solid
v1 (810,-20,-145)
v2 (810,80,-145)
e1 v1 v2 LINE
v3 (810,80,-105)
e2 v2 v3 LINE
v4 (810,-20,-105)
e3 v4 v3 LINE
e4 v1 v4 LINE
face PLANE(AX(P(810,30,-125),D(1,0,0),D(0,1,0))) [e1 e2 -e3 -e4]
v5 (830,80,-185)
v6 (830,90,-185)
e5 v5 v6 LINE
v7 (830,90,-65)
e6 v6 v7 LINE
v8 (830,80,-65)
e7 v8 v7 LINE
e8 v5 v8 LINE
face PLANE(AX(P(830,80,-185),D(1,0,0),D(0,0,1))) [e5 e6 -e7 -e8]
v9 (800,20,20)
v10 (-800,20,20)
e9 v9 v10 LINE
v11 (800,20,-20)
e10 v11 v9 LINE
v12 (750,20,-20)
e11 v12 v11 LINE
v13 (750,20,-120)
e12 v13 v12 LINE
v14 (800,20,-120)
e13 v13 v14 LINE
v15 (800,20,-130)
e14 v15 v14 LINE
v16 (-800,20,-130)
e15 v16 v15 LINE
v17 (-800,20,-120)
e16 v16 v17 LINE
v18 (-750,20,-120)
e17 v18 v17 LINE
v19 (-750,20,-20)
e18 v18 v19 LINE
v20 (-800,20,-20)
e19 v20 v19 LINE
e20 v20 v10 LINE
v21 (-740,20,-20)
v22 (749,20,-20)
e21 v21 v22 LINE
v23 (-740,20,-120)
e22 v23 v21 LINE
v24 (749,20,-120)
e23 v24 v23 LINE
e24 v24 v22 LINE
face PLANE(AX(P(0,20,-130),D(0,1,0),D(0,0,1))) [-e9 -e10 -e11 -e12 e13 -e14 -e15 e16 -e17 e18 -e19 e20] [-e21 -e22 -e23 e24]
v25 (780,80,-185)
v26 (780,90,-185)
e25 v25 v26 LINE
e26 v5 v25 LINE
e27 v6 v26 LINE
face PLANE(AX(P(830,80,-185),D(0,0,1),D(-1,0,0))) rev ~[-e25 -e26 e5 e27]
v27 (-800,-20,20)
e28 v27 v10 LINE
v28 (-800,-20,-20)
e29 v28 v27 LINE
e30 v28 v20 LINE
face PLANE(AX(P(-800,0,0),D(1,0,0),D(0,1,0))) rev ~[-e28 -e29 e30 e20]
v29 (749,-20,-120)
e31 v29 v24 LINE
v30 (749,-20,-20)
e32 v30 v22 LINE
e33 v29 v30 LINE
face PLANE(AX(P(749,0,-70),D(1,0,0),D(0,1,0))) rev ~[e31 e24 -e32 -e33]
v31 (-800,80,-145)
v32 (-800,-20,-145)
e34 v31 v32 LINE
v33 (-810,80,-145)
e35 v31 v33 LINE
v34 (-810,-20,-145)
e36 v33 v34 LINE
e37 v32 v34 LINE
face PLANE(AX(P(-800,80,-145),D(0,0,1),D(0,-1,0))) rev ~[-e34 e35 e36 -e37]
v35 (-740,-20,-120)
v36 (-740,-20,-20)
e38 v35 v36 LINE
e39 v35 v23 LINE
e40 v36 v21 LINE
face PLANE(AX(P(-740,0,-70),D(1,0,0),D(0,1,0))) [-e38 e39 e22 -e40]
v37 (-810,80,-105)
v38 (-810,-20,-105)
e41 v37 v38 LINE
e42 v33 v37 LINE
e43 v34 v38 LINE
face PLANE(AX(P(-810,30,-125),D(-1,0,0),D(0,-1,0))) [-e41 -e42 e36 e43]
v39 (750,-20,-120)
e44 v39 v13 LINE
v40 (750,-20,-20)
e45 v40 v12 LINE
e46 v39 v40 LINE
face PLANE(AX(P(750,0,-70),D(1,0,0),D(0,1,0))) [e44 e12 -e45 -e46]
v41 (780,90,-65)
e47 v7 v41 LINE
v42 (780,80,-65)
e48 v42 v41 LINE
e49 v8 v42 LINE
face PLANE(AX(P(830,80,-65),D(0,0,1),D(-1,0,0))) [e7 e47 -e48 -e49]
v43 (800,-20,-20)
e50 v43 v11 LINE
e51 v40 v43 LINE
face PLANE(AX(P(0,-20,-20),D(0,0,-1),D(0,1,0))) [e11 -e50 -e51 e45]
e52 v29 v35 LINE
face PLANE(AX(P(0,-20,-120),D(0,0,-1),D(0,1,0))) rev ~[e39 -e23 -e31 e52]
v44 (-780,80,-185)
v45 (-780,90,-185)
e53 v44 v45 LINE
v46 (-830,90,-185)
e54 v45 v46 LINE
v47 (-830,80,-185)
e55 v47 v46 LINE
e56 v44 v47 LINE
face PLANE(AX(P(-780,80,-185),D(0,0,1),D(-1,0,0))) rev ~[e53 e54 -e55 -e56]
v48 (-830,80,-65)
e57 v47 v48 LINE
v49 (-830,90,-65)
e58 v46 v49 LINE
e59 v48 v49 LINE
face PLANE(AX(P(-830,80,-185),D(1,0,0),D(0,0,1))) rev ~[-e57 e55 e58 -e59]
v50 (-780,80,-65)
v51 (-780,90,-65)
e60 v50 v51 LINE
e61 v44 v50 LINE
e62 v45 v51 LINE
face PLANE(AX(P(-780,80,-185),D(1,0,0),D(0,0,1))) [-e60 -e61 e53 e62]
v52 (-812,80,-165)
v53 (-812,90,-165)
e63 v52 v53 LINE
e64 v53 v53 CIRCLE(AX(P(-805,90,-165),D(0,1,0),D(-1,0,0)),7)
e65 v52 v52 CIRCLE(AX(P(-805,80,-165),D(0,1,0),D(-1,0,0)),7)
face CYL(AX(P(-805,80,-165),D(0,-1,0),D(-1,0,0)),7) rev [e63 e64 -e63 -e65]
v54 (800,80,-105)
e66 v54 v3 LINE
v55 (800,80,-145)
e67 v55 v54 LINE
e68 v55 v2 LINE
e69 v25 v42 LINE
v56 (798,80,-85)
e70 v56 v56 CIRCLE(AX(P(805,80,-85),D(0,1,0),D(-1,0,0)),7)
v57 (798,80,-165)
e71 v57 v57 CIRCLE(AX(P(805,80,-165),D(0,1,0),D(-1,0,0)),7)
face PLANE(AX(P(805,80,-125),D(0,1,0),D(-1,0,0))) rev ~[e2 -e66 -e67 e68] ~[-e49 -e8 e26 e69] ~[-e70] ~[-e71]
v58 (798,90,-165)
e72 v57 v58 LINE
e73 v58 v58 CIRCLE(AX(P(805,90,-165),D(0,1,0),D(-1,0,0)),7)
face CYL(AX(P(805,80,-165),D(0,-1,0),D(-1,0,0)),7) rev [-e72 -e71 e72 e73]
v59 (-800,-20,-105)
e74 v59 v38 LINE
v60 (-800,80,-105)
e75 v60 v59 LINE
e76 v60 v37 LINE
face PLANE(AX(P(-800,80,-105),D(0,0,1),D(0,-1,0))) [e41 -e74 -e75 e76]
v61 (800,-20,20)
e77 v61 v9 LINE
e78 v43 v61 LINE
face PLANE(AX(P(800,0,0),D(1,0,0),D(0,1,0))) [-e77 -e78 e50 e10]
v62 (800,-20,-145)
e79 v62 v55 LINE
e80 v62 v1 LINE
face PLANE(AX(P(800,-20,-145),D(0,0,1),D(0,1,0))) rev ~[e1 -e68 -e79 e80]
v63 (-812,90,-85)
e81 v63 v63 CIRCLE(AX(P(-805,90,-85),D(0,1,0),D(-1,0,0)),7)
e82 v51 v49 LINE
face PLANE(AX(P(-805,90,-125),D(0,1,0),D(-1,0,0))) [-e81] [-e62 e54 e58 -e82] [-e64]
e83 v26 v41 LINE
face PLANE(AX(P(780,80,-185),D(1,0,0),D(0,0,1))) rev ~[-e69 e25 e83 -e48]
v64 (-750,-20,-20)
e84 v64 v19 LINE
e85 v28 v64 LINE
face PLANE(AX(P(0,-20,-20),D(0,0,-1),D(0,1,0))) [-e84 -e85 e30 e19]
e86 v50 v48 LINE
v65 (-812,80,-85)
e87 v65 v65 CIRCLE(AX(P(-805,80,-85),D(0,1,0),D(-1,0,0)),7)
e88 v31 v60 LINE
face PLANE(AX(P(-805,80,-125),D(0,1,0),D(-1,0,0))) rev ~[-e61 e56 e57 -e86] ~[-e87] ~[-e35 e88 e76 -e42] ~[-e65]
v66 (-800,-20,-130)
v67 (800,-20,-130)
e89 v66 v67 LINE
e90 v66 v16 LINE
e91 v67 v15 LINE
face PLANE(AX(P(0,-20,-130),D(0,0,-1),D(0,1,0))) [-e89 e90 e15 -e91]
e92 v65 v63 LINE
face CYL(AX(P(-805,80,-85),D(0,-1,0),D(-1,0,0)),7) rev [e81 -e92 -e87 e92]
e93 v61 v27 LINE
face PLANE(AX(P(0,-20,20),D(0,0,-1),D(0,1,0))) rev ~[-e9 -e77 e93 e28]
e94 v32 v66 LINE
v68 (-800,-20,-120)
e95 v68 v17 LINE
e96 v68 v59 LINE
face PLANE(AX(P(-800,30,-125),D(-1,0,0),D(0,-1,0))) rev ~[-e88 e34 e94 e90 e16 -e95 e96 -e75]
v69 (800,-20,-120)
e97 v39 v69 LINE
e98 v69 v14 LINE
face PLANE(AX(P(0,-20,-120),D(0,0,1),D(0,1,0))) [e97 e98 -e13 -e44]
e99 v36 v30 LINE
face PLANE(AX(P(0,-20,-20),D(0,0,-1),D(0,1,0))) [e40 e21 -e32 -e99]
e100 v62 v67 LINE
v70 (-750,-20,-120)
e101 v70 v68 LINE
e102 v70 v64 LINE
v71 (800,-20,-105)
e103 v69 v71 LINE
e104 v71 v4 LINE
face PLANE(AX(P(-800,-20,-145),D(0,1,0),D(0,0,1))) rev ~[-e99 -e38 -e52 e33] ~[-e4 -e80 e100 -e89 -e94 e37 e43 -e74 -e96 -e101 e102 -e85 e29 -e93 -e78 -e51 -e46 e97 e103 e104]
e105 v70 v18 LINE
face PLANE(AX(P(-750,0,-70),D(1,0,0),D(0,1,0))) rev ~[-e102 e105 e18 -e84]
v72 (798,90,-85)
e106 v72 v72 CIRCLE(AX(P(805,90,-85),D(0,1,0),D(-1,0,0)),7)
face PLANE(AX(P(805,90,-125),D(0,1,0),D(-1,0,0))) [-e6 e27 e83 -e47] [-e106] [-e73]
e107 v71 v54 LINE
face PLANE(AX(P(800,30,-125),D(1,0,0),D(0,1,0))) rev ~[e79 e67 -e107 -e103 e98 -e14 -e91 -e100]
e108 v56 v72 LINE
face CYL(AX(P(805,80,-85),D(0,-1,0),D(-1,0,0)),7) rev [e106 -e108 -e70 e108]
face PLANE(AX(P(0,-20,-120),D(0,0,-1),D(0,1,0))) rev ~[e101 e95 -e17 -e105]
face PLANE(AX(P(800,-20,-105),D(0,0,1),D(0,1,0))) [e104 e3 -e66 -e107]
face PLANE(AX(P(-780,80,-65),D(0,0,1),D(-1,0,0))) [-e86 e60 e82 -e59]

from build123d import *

# Parameters (mm, degrees)
F0_W          = 40
F0_H          = 40
F1_DEPTH      = 800
F1_DEPTH_BACK = 800
F4_W          = 40
F4_H          = 100
F5_DEPTH      = 10
F6_W          = 40
F6_H          = 100
F7_DEPTH      = 1
F8_W          = 40
F8_H          = 10
F9_DEPTH      = 800
F9_DEPTH_BACK = 800
F10_W         = 100
F10_H         = 40
F11_DEPTH     = 10
F12_W         = 100
F12_H         = 40
F13_DEPTH     = 10
F14_W         = 50
F14_H         = 120
F14_R         = 7
F15_DEPTH     = 10
F16_W         = 50
F16_H         = 120
F16_R         = 7
F17_DEPTH     = 10


with BuildPart() as f1:
    # F0 (on Right) → F1 (new body, two sides)
    with BuildSketch(Plane.YZ) as f1_sk:
        Rectangle(F0_W, F0_H)
    extrude(amount=F1_DEPTH)
    extrude(f1_sk.sketch, amount=-F1_DEPTH_BACK)

    # F4 (on offset) → F5 (join)
    with BuildSketch(Plane.YZ.offset(-750)):
        with Locations((0, -70)):
            Rectangle(F4_W, F4_H)
    extrude(amount=F5_DEPTH)

    # F6 (on offset) → F7 (join)
    with BuildSketch(Plane.YZ.offset(750)):
        with Locations((0, -70)):
            Rectangle(F6_W, F6_H)
    extrude(amount=-F7_DEPTH)

    # F8 (on Right) → F9 (join, two sides)
    with BuildSketch(Plane.YZ) as f9_sk:
        with Locations((0, -125)):
            Rectangle(F8_W, F8_H)
    extrude(amount=F9_DEPTH)
    extrude(f9_sk.sketch, amount=-F9_DEPTH_BACK)

    # F10 (on face) → F11 (join)
    with BuildSketch(Plane.YZ.offset(800)):
        with Locations((30, -125)):
            Rectangle(F10_W, F10_H)
    extrude(amount=F11_DEPTH)

    # F12 (on face) → F13 (join)
    with BuildSketch(Plane(origin=(-800, 0, 0), x_dir=(0, -1, 0), z_dir=(-1, 0, 0))):
        with Locations((-30, -125)):
            Rectangle(F12_W, F12_H)
    extrude(amount=F13_DEPTH)

    # F14 (on face) → F15 (join)
    with BuildSketch(Plane(origin=(0, 80, 0), x_dir=(-1, 0, 0), z_dir=(0, 1, 0))):
        with Locations((-805, -125)):
            Rectangle(F14_W, F14_H)
        with Locations((-805, -165)):
            Circle(F14_R, mode=Mode.SUBTRACT)
        with Locations((-805, -85)):
            Circle(F14_R, mode=Mode.SUBTRACT)
    extrude(amount=F15_DEPTH)

    # F16 (on face) → F17 (join)
    with BuildSketch(Plane(origin=(0, 80, 0), x_dir=(-1, 0, 0), z_dir=(0, 1, 0))):
        with Locations((805, -125)):
            Rectangle(F16_W, F16_H)
        with Locations((805, -165)):
            Circle(F16_R, mode=Mode.SUBTRACT)
        with Locations((805, -85)):
            Circle(F16_R, mode=Mode.SUBTRACT)
    extrude(amount=F17_DEPTH)


solid = f1.part
